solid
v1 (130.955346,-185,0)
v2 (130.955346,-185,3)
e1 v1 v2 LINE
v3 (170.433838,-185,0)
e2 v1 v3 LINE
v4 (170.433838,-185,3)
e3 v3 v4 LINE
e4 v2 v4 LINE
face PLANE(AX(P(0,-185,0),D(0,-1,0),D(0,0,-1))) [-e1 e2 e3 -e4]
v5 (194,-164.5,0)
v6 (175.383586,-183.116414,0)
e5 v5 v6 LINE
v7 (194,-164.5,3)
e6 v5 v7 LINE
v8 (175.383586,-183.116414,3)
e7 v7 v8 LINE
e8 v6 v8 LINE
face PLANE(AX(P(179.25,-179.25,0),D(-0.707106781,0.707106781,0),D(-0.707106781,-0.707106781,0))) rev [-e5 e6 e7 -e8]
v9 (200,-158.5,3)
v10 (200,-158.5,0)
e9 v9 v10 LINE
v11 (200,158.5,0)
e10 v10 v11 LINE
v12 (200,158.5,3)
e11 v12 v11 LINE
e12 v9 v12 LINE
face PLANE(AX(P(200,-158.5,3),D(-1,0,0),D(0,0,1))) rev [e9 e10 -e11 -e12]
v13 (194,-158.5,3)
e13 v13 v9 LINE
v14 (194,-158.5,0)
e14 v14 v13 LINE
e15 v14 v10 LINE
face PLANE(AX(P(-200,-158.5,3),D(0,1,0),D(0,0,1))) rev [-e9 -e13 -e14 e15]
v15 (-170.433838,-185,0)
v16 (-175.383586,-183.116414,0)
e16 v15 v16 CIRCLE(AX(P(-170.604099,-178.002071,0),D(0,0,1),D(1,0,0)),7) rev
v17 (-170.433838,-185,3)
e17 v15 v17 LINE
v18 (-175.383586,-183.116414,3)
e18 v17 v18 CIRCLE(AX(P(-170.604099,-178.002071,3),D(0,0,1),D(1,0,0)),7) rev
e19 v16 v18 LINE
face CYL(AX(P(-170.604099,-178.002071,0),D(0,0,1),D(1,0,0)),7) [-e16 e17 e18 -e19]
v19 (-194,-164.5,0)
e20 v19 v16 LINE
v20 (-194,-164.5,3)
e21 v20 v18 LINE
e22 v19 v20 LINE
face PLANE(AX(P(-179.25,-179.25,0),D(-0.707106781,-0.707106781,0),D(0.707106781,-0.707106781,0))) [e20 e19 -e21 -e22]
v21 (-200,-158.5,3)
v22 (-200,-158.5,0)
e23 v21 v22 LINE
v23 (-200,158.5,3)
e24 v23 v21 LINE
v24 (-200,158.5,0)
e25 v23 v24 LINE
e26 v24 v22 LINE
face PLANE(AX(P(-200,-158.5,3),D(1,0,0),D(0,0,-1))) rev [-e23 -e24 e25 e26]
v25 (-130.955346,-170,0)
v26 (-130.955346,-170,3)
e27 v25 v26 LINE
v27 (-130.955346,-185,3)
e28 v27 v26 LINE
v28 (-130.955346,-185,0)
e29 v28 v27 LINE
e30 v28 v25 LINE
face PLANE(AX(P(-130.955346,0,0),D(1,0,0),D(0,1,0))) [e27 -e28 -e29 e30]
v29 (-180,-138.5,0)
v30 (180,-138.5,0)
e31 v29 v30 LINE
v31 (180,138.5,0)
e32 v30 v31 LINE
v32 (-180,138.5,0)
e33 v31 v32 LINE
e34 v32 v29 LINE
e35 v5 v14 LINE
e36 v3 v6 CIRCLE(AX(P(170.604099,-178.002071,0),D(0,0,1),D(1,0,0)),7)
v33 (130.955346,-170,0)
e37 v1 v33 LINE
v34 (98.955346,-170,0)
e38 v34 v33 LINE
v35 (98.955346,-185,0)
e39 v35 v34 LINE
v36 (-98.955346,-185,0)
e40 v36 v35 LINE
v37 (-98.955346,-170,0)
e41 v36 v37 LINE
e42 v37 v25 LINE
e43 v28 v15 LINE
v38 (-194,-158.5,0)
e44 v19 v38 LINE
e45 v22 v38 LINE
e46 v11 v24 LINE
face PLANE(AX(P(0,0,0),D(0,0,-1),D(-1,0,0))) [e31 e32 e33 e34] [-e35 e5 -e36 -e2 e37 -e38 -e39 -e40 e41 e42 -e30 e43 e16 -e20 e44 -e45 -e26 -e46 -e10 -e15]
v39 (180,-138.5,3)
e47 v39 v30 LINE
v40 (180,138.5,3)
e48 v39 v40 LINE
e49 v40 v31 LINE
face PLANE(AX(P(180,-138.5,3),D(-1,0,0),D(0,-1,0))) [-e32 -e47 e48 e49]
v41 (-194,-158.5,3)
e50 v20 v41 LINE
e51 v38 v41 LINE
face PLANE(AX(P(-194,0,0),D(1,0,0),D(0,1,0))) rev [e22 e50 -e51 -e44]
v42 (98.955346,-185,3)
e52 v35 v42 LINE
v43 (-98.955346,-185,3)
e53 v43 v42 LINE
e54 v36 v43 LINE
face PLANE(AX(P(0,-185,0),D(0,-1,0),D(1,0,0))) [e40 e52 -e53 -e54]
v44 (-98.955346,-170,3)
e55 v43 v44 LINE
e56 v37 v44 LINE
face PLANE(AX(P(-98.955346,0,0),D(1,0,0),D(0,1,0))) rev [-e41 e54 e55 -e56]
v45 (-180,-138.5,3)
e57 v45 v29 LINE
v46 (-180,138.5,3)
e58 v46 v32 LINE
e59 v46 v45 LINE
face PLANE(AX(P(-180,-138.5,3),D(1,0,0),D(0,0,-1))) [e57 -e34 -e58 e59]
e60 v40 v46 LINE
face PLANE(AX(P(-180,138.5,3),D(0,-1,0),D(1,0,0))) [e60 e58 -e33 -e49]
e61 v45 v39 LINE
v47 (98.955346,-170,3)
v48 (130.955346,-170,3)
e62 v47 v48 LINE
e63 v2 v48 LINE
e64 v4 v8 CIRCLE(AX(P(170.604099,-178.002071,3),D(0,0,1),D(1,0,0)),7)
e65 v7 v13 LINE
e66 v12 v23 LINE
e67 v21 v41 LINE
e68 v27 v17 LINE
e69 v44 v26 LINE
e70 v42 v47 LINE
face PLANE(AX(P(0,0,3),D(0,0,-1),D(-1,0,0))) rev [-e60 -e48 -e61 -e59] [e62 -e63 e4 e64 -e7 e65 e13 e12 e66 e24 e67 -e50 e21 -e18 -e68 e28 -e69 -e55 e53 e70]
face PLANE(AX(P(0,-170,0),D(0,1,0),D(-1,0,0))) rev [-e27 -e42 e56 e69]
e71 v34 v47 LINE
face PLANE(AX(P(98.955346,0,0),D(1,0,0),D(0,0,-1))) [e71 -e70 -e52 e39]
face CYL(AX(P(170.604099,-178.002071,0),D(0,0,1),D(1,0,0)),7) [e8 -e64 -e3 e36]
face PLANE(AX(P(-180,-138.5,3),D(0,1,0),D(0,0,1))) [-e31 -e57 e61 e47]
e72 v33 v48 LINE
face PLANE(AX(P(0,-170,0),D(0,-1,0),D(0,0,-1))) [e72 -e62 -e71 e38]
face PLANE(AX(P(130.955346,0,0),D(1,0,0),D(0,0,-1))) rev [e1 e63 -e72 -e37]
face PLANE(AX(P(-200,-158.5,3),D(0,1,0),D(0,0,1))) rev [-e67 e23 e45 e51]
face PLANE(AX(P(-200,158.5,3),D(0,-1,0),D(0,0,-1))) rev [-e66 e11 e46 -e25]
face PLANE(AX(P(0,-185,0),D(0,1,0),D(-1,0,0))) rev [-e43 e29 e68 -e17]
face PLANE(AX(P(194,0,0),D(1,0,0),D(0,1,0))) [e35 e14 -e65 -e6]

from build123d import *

# Parameters (mm, degrees)
SKETCH1_W           = 400
SKETCH1_H           = 317
SKETCH1_W_2         = 360
SKETCH1_H_2         = 277
BOSS_EXTRUDE1_DEPTH = 3
BOSS_EXTRUDE4_DEPTH = 3


with BuildPart() as part:
    # Sketch1 → Boss-Extrude1 (new body)
    with BuildSketch(Plane.XY):
        Rectangle(SKETCH1_W, SKETCH1_H)
        Rectangle(SKETCH1_W_2, SKETCH1_H_2, mode=Mode.SUBTRACT)
    extrude(amount=BOSS_EXTRUDE1_DEPTH)

    # Sketch2 → Boss-Extrude4 (add, through all)
    with BuildSketch(Plane.XY.offset(3)):
        with BuildLine():
            Line((-98.955345629, -185), (0, -185))
            Line((0, -185), (0, -158.5))
            Line((0, -158.5), (-194, -158.5))
            Line((-194, -158.5), (-194, -164.5))
            Line((-194, -164.5), (-175.383585865, -183.116414135))
            ThreePointArc((-175.383585865, -183.116414135), (-173.093720589, -184.544378238), (-170.433838397, -185))
            Line((-170.433838397, -185), (-130.955345629, -185))
            Line((-130.955345629, -185), (-130.955345629, -170))
            Line((-130.955345629, -170), (-98.955345629, -170))
            Line((-98.955345629, -170), (-98.955345629, -185))
        make_face()
        with BuildLine():
            Line((130.955345629, -170), (130.955345629, -185))
            Line((130.955345629, -185), (170.433838397, -185))
            ThreePointArc((170.433838397, -185), (173.093720589, -184.544378238), (175.383585865, -183.116414135))
            Line((175.383585865, -183.116414135), (194, -164.5))
            Line((194, -164.5), (194, -158.5))
            Line((194, -158.5), (0, -158.5))
            Line((0, -158.5), (0, -185))
            Line((0, -185), (98.955345629, -185))
            Line((98.955345629, -185), (98.955345629, -170))
            Line((98.955345629, -170), (130.955345629, -170))
        make_face()
    extrude(amount=-BOSS_EXTRUDE4_DEPTH)


solid = part.part
